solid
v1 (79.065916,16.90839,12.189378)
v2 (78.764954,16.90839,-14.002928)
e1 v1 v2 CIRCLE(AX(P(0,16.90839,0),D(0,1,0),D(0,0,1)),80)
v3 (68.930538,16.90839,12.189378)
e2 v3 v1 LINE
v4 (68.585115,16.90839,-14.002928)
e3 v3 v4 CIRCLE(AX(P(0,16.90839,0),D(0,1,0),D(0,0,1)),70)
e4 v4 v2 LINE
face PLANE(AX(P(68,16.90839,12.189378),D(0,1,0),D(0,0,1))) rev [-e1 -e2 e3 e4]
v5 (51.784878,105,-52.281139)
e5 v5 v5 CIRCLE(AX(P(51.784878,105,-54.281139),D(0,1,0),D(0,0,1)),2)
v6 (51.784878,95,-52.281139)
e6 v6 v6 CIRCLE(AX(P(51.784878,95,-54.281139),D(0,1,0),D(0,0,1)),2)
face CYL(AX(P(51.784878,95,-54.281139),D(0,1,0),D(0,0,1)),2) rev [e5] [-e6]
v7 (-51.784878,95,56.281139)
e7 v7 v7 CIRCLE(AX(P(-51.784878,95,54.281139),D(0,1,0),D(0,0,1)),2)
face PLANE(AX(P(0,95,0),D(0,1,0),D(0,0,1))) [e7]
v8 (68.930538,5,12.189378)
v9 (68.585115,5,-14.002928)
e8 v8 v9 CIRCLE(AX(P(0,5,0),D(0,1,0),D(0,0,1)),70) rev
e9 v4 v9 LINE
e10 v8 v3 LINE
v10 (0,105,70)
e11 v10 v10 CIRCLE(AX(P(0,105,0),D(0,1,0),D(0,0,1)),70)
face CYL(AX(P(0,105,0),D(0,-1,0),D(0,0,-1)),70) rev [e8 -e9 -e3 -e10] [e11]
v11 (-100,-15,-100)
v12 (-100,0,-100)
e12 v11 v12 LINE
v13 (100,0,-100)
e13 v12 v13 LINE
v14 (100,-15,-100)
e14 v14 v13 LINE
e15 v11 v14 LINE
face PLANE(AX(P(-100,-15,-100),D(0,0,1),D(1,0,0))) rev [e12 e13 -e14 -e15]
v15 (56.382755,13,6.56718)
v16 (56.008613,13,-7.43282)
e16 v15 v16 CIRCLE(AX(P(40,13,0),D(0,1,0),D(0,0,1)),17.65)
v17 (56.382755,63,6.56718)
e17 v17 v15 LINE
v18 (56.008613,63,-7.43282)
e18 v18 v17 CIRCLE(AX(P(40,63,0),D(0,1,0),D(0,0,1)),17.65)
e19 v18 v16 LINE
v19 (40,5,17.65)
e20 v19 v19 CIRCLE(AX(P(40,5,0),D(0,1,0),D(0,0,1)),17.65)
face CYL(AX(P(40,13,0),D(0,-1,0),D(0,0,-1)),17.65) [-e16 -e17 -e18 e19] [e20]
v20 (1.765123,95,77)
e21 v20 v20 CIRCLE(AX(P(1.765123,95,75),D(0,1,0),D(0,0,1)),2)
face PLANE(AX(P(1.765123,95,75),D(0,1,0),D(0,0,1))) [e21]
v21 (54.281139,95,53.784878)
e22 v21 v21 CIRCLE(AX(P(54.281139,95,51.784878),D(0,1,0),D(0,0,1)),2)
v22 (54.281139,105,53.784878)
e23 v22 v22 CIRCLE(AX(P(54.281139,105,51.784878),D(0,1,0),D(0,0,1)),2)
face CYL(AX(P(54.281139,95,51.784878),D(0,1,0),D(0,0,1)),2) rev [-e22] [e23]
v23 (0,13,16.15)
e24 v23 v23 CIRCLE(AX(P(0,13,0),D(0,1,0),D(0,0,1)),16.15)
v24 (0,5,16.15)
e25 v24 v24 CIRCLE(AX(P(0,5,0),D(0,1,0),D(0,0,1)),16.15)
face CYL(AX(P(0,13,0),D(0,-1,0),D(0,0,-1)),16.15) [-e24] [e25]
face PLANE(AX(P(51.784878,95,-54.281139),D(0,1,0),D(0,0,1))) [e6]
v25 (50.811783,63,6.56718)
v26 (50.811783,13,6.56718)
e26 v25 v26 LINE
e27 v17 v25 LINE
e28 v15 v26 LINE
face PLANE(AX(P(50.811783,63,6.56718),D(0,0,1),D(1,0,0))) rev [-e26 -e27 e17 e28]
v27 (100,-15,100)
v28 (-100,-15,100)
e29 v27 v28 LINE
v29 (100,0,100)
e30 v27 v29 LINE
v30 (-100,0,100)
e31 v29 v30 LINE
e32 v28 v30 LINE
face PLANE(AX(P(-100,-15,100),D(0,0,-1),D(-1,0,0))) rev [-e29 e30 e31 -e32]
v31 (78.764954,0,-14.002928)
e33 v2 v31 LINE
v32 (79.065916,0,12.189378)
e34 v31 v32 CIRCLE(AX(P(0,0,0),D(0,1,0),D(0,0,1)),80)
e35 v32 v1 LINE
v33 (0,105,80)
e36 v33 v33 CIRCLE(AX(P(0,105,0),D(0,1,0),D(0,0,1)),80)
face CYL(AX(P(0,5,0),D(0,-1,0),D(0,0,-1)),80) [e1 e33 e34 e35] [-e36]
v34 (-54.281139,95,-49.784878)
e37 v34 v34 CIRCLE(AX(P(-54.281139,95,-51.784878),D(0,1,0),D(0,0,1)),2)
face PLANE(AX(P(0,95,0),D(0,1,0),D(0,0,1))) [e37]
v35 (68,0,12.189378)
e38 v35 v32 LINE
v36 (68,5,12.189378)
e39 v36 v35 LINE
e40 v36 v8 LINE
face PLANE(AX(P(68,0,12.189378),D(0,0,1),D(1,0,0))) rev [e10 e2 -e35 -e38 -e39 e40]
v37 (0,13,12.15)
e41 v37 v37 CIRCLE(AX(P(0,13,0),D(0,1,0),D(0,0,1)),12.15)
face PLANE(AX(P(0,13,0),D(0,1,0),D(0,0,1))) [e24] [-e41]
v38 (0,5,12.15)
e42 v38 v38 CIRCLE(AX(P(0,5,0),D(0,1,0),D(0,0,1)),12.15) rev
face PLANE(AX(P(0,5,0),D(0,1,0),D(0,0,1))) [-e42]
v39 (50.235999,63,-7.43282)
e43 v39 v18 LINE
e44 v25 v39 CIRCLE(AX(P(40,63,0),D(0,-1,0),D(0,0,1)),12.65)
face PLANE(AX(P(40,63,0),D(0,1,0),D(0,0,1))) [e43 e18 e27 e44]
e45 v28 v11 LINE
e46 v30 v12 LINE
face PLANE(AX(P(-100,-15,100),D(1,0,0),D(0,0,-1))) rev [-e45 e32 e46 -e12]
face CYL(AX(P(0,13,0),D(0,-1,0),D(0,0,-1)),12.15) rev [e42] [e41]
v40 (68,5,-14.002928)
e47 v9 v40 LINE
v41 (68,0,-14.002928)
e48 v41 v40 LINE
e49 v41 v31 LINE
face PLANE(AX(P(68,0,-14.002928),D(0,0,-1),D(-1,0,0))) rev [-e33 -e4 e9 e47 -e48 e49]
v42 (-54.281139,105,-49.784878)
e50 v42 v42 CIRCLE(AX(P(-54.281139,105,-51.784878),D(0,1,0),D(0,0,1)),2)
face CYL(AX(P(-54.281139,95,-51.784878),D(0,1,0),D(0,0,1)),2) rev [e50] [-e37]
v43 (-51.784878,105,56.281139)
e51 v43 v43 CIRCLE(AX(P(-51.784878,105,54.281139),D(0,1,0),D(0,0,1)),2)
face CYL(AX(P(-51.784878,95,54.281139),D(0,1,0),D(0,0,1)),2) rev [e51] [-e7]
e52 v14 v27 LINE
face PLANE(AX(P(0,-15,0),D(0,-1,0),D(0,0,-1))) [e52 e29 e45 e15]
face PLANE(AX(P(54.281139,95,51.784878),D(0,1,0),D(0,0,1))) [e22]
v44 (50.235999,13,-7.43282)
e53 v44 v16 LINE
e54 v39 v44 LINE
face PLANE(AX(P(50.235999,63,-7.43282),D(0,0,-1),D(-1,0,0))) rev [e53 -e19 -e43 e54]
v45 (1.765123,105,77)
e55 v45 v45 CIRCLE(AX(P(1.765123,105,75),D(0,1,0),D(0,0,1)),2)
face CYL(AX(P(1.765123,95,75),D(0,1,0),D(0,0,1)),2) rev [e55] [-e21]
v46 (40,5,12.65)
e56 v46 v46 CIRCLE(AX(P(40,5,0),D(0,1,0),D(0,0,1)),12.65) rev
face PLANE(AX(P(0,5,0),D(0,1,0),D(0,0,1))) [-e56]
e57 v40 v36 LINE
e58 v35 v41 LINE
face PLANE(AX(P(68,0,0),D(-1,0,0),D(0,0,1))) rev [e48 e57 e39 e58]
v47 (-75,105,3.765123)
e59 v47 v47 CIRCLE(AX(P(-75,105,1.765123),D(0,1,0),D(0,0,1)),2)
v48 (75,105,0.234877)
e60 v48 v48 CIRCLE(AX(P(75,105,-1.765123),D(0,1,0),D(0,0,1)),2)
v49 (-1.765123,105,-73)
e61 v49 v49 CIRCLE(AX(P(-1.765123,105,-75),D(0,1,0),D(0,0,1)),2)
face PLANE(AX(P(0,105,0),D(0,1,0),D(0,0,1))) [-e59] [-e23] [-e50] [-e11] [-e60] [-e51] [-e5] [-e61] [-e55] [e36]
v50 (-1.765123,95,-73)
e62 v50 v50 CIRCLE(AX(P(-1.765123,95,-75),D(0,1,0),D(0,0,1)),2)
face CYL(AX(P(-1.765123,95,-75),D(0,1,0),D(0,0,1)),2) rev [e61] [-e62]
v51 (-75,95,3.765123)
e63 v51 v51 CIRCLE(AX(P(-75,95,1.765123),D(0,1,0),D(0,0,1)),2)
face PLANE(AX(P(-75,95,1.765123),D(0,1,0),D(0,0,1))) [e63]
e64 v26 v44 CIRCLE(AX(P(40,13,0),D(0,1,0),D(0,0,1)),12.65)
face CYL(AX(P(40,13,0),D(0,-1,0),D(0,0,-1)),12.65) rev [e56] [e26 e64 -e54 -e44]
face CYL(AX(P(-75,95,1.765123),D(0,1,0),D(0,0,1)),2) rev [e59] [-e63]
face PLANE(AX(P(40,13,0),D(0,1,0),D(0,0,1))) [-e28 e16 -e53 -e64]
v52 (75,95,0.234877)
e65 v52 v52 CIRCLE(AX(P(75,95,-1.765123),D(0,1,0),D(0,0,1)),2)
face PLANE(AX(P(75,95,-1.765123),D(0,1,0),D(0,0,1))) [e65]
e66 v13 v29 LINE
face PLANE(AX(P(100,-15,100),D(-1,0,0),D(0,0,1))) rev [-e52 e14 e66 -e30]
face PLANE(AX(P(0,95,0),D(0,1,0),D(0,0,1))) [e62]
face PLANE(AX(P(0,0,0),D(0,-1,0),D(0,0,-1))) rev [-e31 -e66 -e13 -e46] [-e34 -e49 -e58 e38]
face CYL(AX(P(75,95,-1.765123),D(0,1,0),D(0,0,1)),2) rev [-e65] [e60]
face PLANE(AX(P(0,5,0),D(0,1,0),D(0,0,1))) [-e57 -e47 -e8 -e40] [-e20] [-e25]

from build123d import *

# Parameters (mm, degrees)
CROQUIS1_R              = 80
SALIENTE_EXTRUIR1_DEPTH = 5
CROQUIS2_R              = 80
CROQUIS2_R_2            = 70
SALIENTE_EXTRUIR2_DEPTH = 100
CROQUIS3_R              = 16.15
CROQUIS3_R_2            = 12.15
CROQUIS3_R_3            = 17.65
CROQUIS3_R_4            = 12.65
SALIENTE_EXTRUIR3_DEPTH = 8
SALIENTE_EXTRUIR4_DEPTH = 50
CROQUIS6_W              = 200
CROQUIS6_H              = 200
SALIENTE_EXTRUIR5_DEPTH = 15
CROQUIS8_W              = 26.192306131
CROQUIS8_H              = 16.90838964
CORTAR_EXTRUIR1_DEPTH   = 32
CROQUIS9_R              = 2
CORTAR_EXTRUIR2_DEPTH   = 10


with BuildPart() as part:
    # Croquis1 → Saliente-Extruir1 (new body)
    with BuildSketch(Plane(origin=(0, 0, 0), x_dir=(1, 0, 0), z_dir=(0, 1, 0))):
        with Locations(Location((0, 0, 0), (0, 0, 270))):
            Circle(CROQUIS1_R)
    extrude(amount=SALIENTE_EXTRUIR1_DEPTH)

    # Croquis2 → Saliente-Extruir2 (add)
    with BuildSketch(Plane(origin=(0, 5, 0), x_dir=(1, 0, 0), z_dir=(0, 1, 0))):
        with Locations(Location((0, 0, 0), (0, 0, 270))):
            Circle(CROQUIS2_R)
        with Locations(Location((0, 0, 0), (0, 0, 270))):
            Circle(CROQUIS2_R_2, mode=Mode.SUBTRACT)
    extrude(amount=SALIENTE_EXTRUIR2_DEPTH)

    # Croquis3 → Saliente-Extruir3 (add)
    # profile 1 of 2: a face of its own
    with BuildSketch(Plane(origin=(0, 5, 0), x_dir=(1, 0, 0), z_dir=(0, 1, 0))):
        with Locations(Location((0, 0, 0), (0, 0, 270))):
            Circle(CROQUIS3_R)
        with Locations(Location((0, 0, 0), (0, 0, 270))):
            Circle(CROQUIS3_R_2, mode=Mode.SUBTRACT)
    # profile 2 of 2: a face of its own
    with BuildSketch(Plane(origin=(0, 5, 0), x_dir=(1, 0, 0), z_dir=(0, 1, 0))):
        with Locations(Location((40, 0, 0), (0, 0, 270))):
            Circle(CROQUIS3_R_3)
        with Locations(Location((40, 0, 0), (0, 0, 270))):
            Circle(CROQUIS3_R_4, mode=Mode.SUBTRACT)
    extrude(amount=SALIENTE_EXTRUIR3_DEPTH)

    # Croquis5 → Saliente-Extruir4 (add)
    with BuildSketch(Plane(origin=(0, 13, 0), x_dir=(1, 0, 0), z_dir=(0, 1, 0))):
        with BuildLine():
            Line((50.235999238, 7.432820433), (56.008612695, 7.432820433))
            ThreePointArc((56.008612695, 7.432820433), (22.356299399, -0.471517861), (56.38275473, -6.567179567))
            Line((56.38275473, -6.567179567), (50.811783041, -6.567179567))
            ThreePointArc((50.811783041, -6.567179567), (27.360684958, -0.519822349), (50.235999238, 7.432820433))
        make_face()
    extrude(amount=SALIENTE_EXTRUIR4_DEPTH)

    # Croquis6 → Saliente-Extruir5 (add)
    with BuildSketch(Plane.XZ):
        Rectangle(CROQUIS6_W, CROQUIS6_H)
    extrude(amount=SALIENTE_EXTRUIR5_DEPTH)

    # Croquis8 → Cortar-Extruir1 (cut)
    with BuildSketch(Plane(origin=(100, 0, 0), x_dir=(0, 0, -1), z_dir=(1, 0, 0))):
        with Locations((0.906775278, 8.45419482)):
            Rectangle(CROQUIS8_W, CROQUIS8_H)
    extrude(amount=-CORTAR_EXTRUIR1_DEPTH, mode=Mode.SUBTRACT)

    # Croquis9 → Cortar-Extruir2 (cut)
    with BuildSketch(Plane(origin=(0, 105, 0), x_dir=(1, 0, 0), z_dir=(0, 1, 0))):
        with Locations(Location((-54.281139298, 51.78487788, 0), (0, 0, 270))):
            Circle(CROQUIS9_R)
        with Locations(Location((-1.765123376, 75, 0), (0, 0, 270))):
            Circle(CROQUIS9_R)
        with Locations(Location((-51.78487788, -54.281139298, 0), (0, 0, 270))):
            Circle(CROQUIS9_R)
        with Locations(Location((75, 1.765123376, 0), (0, 0, 270))):
            Circle(CROQUIS9_R)
        with Locations(Location((-75, -1.765123376, 0), (0, 0, 270))):
            Circle(CROQUIS9_R)
        with Locations(Location((1.765123376, -75, 0), (0, 0, 270))):
            Circle(CROQUIS9_R)
        with Locations(Location((54.281139298, -51.78487788, 0), (0, 0, 270))):
            Circle(CROQUIS9_R)
        with Locations(Location((51.78487788, 54.281139298, 0), (0, 0, 270))):
            Circle(CROQUIS9_R)
    extrude(amount=-CORTAR_EXTRUIR2_DEPTH, mode=Mode.SUBTRACT)


solid = part.part
